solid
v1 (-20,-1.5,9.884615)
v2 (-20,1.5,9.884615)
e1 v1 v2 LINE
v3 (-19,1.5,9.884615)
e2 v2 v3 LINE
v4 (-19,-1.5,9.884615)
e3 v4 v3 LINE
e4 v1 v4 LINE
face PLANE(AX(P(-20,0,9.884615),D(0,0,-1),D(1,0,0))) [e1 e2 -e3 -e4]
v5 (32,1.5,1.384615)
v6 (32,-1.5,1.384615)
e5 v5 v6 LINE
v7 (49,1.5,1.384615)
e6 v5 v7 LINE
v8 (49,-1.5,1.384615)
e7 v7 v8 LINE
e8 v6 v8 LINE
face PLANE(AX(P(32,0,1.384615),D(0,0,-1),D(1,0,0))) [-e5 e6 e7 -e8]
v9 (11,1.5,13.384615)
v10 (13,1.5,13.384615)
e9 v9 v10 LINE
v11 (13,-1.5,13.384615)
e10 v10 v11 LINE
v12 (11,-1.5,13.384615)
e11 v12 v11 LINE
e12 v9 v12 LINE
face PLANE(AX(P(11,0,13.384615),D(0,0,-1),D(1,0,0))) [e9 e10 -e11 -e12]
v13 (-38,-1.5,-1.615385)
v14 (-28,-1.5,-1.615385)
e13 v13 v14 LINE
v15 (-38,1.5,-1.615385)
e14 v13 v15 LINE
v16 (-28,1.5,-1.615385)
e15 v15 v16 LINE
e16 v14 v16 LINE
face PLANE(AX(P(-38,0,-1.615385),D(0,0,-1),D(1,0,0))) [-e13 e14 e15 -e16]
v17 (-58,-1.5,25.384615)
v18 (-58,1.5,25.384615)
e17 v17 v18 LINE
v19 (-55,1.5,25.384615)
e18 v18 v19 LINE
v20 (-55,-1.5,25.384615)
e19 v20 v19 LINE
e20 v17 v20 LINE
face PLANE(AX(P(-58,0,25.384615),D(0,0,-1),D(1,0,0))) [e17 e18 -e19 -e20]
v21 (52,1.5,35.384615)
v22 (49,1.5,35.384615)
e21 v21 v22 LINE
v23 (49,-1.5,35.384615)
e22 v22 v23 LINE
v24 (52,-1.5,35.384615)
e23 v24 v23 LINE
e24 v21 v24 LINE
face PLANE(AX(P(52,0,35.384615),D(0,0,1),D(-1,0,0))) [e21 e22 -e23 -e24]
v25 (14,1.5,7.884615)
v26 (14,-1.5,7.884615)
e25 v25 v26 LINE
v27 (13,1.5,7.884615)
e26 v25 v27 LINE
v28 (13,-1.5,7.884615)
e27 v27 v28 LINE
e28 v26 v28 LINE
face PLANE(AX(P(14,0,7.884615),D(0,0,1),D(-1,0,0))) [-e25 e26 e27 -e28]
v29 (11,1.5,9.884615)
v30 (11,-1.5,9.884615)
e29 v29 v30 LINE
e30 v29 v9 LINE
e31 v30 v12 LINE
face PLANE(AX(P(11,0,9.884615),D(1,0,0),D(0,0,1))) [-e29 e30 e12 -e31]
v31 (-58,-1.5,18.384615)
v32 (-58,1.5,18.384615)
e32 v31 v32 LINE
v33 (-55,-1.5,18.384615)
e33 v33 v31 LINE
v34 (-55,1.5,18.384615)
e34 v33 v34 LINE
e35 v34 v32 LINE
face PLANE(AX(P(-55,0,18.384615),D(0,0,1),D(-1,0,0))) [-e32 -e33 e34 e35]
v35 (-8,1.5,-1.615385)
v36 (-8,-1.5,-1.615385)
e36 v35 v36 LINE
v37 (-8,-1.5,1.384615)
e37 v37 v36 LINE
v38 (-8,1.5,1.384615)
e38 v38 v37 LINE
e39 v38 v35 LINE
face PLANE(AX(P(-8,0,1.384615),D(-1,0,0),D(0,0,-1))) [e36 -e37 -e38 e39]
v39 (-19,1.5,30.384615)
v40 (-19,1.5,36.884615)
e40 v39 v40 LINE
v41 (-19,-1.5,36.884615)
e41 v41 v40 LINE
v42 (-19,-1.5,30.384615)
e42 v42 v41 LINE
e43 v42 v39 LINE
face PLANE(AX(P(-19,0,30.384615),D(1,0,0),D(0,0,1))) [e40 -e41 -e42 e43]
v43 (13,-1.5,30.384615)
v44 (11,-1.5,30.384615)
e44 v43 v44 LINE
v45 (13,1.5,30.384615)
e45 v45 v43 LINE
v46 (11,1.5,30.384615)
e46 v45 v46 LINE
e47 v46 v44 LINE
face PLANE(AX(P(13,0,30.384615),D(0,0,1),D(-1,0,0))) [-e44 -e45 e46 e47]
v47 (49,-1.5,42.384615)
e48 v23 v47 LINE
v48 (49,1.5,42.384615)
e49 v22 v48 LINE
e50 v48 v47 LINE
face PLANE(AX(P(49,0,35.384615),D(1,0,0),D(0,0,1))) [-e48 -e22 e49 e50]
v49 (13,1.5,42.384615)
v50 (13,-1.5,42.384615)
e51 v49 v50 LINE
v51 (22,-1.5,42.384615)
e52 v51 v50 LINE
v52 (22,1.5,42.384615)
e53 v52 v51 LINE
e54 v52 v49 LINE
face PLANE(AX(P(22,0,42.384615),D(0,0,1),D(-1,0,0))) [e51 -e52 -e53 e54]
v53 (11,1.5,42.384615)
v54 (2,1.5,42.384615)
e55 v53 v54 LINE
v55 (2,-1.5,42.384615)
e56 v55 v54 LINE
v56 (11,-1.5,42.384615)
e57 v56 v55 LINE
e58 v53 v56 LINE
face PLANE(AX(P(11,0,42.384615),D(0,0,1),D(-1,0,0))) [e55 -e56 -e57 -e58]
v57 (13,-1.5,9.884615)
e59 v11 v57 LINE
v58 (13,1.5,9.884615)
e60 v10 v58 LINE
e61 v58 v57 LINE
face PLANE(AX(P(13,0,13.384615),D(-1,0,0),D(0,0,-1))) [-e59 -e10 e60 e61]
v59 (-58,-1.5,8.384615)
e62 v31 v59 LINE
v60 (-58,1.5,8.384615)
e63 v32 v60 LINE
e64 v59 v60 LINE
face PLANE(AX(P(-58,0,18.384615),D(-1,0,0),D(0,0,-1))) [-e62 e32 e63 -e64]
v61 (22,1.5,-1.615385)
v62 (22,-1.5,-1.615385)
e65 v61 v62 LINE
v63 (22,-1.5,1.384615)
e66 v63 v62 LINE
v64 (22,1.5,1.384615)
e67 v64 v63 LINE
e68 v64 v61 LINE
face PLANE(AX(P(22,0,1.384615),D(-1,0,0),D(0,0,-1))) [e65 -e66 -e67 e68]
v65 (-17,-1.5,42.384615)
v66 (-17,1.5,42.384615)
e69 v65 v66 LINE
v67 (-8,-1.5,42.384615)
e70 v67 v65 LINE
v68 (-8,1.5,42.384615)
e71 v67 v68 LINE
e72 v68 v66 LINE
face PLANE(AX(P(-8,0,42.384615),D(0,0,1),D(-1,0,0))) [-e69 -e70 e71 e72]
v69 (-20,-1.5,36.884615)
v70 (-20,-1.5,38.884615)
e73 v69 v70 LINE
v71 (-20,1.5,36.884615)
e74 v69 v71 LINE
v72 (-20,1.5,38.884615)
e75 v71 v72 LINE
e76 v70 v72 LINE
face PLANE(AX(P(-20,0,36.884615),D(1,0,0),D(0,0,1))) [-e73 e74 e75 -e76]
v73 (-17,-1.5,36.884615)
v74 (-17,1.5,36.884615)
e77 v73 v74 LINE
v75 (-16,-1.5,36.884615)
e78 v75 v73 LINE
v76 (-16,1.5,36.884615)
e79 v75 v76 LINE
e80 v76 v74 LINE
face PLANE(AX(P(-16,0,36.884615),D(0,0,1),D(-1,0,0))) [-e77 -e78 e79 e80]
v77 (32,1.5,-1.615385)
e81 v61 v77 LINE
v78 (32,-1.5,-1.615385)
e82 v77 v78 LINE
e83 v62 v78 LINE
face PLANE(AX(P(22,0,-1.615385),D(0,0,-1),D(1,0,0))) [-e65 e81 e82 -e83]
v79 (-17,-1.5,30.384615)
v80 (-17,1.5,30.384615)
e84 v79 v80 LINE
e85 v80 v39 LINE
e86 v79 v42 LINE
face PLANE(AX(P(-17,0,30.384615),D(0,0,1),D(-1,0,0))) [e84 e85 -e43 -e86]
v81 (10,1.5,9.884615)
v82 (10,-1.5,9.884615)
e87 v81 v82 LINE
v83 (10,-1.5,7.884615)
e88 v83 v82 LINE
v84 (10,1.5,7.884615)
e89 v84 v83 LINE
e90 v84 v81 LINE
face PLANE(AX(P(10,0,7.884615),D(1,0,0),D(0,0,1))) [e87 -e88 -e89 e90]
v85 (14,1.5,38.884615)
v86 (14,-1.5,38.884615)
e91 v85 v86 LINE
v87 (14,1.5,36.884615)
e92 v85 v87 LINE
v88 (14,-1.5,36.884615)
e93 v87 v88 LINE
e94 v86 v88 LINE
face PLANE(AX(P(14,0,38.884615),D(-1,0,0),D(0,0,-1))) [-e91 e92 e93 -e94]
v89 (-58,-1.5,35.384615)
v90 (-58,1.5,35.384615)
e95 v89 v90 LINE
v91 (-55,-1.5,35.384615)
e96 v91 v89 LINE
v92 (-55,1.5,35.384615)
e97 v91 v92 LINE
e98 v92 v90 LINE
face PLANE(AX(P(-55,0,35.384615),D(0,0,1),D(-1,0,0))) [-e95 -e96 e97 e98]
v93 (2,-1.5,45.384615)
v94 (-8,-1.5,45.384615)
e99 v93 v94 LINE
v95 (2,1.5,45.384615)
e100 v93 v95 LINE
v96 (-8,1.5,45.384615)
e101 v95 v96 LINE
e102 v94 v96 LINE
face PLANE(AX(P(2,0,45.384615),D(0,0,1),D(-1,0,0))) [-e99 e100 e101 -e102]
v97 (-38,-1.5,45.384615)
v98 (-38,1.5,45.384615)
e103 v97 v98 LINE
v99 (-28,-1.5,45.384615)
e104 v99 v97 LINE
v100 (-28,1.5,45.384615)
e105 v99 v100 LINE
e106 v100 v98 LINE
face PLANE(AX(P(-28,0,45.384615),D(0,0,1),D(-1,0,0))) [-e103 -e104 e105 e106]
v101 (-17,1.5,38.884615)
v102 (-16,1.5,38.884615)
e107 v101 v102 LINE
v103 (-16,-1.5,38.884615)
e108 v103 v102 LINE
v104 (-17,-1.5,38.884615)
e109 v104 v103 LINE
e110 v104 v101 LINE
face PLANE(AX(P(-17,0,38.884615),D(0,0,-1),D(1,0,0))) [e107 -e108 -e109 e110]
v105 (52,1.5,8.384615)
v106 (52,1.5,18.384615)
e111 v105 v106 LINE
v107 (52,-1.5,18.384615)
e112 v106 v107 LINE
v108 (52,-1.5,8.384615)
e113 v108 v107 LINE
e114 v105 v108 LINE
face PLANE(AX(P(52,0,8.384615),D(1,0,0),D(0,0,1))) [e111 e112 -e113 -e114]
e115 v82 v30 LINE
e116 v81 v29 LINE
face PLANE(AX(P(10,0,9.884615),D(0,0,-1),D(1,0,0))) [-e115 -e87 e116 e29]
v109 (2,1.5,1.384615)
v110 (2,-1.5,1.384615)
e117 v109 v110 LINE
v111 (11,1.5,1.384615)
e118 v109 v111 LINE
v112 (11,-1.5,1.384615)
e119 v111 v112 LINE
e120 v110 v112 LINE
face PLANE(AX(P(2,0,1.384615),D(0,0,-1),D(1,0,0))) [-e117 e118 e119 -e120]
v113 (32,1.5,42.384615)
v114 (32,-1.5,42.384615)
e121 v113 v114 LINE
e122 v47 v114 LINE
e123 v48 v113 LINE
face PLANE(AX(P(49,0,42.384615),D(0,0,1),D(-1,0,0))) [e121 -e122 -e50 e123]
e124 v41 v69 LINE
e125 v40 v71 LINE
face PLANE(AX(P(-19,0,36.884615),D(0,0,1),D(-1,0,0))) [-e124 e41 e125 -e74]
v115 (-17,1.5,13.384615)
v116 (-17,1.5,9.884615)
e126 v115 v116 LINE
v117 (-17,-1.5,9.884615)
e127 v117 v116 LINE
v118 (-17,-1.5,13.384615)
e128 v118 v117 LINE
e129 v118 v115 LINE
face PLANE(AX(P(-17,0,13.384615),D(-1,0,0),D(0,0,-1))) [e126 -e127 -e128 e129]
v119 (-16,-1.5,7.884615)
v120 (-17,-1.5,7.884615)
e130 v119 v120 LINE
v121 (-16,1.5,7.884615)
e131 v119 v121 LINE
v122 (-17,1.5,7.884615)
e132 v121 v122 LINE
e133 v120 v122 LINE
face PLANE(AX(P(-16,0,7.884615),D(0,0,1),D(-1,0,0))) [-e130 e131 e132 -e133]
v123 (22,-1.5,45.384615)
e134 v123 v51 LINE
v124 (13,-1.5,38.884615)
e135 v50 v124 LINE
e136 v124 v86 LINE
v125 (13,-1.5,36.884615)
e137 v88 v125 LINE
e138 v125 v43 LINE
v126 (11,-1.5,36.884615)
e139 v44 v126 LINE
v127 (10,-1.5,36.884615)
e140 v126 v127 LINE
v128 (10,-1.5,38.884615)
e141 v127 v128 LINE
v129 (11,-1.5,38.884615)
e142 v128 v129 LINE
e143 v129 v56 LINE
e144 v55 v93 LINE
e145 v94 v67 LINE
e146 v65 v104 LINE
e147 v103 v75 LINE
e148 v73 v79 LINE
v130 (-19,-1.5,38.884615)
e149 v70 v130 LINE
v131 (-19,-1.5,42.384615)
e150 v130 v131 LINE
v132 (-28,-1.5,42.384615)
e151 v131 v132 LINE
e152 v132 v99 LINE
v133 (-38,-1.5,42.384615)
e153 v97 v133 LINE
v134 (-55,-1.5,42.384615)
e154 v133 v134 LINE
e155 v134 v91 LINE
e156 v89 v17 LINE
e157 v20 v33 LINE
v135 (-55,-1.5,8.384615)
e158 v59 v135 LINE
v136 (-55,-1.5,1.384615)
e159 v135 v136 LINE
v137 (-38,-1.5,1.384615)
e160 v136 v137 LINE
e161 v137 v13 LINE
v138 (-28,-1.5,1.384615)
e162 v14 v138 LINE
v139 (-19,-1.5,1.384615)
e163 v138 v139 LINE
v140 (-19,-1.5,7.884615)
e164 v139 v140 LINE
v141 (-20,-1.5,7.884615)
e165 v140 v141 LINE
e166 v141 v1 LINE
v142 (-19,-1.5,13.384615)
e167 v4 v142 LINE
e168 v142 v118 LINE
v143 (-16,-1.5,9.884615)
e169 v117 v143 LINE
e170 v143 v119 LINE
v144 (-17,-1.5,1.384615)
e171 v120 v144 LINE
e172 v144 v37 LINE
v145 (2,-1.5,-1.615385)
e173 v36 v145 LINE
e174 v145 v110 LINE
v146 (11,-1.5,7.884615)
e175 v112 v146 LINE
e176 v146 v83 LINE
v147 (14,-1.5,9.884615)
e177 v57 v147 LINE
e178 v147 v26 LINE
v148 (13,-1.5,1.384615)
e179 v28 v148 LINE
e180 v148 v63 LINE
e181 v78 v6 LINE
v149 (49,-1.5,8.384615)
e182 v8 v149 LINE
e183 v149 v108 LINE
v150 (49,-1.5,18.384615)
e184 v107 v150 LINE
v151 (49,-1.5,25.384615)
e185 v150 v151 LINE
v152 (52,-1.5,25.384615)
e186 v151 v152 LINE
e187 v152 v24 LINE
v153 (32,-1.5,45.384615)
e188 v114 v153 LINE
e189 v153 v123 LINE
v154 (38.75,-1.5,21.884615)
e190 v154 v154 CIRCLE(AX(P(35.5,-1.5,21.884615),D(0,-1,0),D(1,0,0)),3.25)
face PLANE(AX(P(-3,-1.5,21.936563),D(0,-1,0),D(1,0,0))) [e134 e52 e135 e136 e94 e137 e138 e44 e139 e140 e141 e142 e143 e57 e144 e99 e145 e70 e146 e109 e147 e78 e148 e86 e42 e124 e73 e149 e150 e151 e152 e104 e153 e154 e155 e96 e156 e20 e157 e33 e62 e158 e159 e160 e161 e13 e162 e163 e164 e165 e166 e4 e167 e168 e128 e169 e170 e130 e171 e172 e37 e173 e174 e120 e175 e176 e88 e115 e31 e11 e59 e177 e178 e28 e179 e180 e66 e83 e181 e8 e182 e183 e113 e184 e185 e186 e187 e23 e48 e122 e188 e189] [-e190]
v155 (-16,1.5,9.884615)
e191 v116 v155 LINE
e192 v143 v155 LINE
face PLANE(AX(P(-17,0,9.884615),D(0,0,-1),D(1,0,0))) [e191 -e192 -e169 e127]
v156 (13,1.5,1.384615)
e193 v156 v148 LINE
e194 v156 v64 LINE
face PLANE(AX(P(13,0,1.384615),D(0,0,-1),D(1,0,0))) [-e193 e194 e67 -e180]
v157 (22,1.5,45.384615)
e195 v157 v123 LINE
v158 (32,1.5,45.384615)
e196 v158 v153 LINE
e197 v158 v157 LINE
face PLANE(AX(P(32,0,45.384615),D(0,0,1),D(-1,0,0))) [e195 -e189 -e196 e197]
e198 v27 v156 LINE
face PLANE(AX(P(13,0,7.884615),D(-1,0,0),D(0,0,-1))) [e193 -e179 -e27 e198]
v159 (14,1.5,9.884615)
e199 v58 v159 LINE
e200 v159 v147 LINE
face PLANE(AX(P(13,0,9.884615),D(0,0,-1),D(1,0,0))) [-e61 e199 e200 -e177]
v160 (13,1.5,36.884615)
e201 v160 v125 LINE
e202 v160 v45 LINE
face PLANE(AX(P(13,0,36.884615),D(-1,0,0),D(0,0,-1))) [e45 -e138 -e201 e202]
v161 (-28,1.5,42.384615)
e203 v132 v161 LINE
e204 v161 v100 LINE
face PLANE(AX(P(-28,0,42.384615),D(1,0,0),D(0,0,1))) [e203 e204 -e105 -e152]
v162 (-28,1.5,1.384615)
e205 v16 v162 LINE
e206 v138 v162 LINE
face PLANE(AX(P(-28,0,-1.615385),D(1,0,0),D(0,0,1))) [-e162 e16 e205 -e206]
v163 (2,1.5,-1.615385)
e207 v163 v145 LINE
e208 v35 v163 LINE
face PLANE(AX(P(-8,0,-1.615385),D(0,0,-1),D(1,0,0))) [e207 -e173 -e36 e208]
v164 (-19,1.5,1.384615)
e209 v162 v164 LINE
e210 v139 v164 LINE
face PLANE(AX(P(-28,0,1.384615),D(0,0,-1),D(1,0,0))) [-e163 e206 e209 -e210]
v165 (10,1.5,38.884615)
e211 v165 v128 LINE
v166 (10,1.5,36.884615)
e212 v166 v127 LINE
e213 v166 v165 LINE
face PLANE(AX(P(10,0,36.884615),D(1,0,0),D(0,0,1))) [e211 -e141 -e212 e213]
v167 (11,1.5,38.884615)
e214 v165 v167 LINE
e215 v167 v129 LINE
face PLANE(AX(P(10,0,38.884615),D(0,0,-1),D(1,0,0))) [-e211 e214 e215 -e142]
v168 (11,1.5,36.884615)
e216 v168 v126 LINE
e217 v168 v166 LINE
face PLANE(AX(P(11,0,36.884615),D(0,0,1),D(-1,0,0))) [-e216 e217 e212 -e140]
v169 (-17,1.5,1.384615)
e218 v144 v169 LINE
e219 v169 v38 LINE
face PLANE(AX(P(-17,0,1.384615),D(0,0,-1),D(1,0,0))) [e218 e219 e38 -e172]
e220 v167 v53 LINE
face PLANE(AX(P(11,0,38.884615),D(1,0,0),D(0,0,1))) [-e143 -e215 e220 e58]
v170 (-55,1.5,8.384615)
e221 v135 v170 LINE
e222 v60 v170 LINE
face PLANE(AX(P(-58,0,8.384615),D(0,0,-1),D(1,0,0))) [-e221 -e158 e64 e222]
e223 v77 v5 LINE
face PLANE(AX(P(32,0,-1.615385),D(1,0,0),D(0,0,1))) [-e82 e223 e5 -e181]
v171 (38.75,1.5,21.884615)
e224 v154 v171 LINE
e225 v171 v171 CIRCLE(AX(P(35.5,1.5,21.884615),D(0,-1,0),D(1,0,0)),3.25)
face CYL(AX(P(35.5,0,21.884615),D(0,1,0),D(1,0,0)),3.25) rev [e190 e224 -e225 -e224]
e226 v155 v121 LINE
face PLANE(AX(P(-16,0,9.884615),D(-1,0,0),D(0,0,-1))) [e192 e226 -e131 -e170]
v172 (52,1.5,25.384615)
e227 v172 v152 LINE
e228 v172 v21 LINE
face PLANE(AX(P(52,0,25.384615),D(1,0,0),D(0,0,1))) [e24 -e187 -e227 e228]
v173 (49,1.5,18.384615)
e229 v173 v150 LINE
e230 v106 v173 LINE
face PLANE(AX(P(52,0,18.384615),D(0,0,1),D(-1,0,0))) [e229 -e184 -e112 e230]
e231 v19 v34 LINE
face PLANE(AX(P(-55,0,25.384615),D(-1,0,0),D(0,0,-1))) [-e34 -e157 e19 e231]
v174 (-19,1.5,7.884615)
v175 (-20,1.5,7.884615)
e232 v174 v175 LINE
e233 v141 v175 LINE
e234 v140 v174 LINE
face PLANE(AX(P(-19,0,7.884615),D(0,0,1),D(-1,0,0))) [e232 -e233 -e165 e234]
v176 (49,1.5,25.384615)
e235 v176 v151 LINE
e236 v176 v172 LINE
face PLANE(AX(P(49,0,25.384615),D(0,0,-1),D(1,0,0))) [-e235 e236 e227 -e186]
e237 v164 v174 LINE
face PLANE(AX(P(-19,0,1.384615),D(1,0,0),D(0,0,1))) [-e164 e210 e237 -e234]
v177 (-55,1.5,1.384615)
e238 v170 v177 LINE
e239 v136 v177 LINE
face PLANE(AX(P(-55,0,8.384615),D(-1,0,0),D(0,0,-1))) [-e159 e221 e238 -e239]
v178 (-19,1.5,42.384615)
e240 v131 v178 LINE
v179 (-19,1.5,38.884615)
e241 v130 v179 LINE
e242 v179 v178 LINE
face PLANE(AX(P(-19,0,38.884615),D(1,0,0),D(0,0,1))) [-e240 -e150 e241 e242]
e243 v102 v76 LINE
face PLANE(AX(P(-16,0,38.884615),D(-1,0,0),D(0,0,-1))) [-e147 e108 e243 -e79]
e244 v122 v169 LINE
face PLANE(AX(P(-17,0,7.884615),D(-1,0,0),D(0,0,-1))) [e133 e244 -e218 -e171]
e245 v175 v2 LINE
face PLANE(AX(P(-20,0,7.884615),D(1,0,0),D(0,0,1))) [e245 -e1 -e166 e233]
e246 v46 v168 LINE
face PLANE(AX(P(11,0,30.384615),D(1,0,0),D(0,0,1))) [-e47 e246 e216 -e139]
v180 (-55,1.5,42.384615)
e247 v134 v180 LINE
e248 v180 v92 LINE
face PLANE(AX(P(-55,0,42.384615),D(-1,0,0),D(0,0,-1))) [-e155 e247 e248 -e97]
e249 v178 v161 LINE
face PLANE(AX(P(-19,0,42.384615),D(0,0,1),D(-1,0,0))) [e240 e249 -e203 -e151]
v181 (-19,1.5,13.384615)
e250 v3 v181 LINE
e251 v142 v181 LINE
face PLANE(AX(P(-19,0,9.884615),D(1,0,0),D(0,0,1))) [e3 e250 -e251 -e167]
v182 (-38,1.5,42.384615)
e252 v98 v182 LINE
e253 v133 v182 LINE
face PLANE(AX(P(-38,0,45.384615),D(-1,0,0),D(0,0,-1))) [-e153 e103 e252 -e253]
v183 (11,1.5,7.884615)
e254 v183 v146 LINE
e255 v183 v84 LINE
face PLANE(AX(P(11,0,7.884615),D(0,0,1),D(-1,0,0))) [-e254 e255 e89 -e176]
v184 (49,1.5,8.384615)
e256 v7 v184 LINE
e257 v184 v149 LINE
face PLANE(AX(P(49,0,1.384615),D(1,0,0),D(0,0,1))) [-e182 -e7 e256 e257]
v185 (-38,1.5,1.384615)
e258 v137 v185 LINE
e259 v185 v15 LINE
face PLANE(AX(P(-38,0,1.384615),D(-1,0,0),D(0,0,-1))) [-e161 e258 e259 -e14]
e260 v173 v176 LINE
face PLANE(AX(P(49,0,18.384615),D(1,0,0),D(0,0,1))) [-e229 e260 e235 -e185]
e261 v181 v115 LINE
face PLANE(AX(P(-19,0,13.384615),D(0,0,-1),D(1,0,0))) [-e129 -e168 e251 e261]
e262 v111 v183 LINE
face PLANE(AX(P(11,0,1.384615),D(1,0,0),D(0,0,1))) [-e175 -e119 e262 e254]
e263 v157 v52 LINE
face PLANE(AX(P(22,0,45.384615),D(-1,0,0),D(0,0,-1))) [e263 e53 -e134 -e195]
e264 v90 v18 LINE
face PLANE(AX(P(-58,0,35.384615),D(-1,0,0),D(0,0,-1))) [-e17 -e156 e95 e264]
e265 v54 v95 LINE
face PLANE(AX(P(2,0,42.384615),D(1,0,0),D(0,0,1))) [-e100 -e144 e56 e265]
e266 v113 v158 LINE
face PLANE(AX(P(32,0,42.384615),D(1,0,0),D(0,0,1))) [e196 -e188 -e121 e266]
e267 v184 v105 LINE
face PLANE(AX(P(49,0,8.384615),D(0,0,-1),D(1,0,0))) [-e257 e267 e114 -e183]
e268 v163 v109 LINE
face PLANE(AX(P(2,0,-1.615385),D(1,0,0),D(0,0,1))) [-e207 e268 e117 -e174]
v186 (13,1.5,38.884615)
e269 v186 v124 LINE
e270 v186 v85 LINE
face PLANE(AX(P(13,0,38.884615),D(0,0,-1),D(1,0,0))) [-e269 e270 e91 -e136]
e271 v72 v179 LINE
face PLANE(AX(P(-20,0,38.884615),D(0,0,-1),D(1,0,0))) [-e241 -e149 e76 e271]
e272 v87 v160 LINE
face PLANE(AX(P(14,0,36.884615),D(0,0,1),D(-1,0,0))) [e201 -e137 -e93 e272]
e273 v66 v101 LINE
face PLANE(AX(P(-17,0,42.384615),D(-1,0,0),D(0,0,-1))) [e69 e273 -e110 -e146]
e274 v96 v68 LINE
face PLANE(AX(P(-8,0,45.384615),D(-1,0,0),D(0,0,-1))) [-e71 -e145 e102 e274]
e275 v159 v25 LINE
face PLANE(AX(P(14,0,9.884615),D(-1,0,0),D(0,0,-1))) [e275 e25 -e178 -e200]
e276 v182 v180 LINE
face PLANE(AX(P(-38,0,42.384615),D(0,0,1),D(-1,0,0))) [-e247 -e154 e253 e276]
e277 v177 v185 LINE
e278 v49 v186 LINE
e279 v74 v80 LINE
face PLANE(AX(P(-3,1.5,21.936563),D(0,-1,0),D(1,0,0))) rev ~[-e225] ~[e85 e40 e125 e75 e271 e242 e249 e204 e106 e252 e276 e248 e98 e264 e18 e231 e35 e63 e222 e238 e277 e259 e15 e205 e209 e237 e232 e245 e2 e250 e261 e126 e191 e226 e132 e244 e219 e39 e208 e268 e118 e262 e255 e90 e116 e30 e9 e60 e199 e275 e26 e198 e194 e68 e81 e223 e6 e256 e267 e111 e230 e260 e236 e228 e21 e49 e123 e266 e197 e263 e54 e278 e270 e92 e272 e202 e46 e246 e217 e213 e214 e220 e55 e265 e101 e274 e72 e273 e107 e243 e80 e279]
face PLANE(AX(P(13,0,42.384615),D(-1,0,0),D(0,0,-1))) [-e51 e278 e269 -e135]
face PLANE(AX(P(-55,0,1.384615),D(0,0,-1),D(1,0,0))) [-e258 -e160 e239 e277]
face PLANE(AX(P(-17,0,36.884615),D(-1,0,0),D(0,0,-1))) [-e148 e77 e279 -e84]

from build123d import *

# Parameters (mm, degrees)
F0_R     = 3.25
F1_DEPTH = 1.5


with BuildPart() as f1:
    # F0 (on Front) → F1 (new body, symmetric)
    with BuildSketch(Plane.XZ):
        Polygon((-17, 1.384615), (-8, 1.384615), (-8, -1.615385), (2, -1.615385), (2, 1.384615), (11, 1.384615), (11, 7.884615), (10, 7.884615), (10, 9.884615), (11, 9.884615), (11, 13.384615), (13, 13.384615), (13, 9.884615), (14, 9.884615), (14, 7.884615), (13, 7.884615), (13, 1.384615), (22, 1.384615), (22, -1.615385), (32, -1.615385), (32, 1.384615), (49, 1.384615), (49, 8.384615), (52, 8.384615), (52, 18.384615), (49, 18.384615), (49, 25.384615), (52, 25.384615), (52, 35.384615), (49, 35.384615), (49, 42.384615), (32, 42.384615), (32, 45.384615), (22, 45.384615), (22, 42.384615), (13, 42.384615), (13, 38.884615), (14, 38.884615), (14, 36.884615), (13, 36.884615), (13, 30.384615), (11, 30.384615), (11, 35.884615), (11, 36.884615), (10, 36.884615), (10, 38.884615), (11, 38.884615), (11, 42.384615), (2, 42.384615), (2, 45.384615), (-8, 45.384615), (-8, 42.384615), (-17, 42.384615), (-17, 38.884615), (-16, 38.884615), (-16, 36.884615), (-17, 36.884615), (-17, 35.884615), (-17, 30.384615), (-19, 30.384615), (-19, 36.884615), (-20, 36.884615), (-20, 38.884615), (-19, 38.884615), (-19, 42.384615), (-28, 42.384615), (-28, 45.384615), (-38, 45.384615), (-38, 42.384615), (-55, 42.384615), (-55, 35.384615), (-58, 35.384615), (-58, 25.384615), (-55, 25.384615), (-55, 18.384615), (-58, 18.384615), (-58, 8.384615), (-55, 8.384615), (-55, 1.384615), (-38, 1.384615), (-38, -1.615385), (-28, -1.615385), (-28, 1.384615), (-19, 1.384615), (-19, 7.884615), (-20, 7.884615), (-20, 9.884615), (-19, 9.884615), (-19, 13.384615), (-17, 13.384615), (-17, 9.884615), (-16, 9.884615), (-16, 7.884615), (-17, 7.884615), align=None)
        with Locations((35.5, 21.884615)):
            Circle(F0_R, mode=Mode.SUBTRACT)
    extrude(amount=F1_DEPTH, both=True)


solid = f1.part
